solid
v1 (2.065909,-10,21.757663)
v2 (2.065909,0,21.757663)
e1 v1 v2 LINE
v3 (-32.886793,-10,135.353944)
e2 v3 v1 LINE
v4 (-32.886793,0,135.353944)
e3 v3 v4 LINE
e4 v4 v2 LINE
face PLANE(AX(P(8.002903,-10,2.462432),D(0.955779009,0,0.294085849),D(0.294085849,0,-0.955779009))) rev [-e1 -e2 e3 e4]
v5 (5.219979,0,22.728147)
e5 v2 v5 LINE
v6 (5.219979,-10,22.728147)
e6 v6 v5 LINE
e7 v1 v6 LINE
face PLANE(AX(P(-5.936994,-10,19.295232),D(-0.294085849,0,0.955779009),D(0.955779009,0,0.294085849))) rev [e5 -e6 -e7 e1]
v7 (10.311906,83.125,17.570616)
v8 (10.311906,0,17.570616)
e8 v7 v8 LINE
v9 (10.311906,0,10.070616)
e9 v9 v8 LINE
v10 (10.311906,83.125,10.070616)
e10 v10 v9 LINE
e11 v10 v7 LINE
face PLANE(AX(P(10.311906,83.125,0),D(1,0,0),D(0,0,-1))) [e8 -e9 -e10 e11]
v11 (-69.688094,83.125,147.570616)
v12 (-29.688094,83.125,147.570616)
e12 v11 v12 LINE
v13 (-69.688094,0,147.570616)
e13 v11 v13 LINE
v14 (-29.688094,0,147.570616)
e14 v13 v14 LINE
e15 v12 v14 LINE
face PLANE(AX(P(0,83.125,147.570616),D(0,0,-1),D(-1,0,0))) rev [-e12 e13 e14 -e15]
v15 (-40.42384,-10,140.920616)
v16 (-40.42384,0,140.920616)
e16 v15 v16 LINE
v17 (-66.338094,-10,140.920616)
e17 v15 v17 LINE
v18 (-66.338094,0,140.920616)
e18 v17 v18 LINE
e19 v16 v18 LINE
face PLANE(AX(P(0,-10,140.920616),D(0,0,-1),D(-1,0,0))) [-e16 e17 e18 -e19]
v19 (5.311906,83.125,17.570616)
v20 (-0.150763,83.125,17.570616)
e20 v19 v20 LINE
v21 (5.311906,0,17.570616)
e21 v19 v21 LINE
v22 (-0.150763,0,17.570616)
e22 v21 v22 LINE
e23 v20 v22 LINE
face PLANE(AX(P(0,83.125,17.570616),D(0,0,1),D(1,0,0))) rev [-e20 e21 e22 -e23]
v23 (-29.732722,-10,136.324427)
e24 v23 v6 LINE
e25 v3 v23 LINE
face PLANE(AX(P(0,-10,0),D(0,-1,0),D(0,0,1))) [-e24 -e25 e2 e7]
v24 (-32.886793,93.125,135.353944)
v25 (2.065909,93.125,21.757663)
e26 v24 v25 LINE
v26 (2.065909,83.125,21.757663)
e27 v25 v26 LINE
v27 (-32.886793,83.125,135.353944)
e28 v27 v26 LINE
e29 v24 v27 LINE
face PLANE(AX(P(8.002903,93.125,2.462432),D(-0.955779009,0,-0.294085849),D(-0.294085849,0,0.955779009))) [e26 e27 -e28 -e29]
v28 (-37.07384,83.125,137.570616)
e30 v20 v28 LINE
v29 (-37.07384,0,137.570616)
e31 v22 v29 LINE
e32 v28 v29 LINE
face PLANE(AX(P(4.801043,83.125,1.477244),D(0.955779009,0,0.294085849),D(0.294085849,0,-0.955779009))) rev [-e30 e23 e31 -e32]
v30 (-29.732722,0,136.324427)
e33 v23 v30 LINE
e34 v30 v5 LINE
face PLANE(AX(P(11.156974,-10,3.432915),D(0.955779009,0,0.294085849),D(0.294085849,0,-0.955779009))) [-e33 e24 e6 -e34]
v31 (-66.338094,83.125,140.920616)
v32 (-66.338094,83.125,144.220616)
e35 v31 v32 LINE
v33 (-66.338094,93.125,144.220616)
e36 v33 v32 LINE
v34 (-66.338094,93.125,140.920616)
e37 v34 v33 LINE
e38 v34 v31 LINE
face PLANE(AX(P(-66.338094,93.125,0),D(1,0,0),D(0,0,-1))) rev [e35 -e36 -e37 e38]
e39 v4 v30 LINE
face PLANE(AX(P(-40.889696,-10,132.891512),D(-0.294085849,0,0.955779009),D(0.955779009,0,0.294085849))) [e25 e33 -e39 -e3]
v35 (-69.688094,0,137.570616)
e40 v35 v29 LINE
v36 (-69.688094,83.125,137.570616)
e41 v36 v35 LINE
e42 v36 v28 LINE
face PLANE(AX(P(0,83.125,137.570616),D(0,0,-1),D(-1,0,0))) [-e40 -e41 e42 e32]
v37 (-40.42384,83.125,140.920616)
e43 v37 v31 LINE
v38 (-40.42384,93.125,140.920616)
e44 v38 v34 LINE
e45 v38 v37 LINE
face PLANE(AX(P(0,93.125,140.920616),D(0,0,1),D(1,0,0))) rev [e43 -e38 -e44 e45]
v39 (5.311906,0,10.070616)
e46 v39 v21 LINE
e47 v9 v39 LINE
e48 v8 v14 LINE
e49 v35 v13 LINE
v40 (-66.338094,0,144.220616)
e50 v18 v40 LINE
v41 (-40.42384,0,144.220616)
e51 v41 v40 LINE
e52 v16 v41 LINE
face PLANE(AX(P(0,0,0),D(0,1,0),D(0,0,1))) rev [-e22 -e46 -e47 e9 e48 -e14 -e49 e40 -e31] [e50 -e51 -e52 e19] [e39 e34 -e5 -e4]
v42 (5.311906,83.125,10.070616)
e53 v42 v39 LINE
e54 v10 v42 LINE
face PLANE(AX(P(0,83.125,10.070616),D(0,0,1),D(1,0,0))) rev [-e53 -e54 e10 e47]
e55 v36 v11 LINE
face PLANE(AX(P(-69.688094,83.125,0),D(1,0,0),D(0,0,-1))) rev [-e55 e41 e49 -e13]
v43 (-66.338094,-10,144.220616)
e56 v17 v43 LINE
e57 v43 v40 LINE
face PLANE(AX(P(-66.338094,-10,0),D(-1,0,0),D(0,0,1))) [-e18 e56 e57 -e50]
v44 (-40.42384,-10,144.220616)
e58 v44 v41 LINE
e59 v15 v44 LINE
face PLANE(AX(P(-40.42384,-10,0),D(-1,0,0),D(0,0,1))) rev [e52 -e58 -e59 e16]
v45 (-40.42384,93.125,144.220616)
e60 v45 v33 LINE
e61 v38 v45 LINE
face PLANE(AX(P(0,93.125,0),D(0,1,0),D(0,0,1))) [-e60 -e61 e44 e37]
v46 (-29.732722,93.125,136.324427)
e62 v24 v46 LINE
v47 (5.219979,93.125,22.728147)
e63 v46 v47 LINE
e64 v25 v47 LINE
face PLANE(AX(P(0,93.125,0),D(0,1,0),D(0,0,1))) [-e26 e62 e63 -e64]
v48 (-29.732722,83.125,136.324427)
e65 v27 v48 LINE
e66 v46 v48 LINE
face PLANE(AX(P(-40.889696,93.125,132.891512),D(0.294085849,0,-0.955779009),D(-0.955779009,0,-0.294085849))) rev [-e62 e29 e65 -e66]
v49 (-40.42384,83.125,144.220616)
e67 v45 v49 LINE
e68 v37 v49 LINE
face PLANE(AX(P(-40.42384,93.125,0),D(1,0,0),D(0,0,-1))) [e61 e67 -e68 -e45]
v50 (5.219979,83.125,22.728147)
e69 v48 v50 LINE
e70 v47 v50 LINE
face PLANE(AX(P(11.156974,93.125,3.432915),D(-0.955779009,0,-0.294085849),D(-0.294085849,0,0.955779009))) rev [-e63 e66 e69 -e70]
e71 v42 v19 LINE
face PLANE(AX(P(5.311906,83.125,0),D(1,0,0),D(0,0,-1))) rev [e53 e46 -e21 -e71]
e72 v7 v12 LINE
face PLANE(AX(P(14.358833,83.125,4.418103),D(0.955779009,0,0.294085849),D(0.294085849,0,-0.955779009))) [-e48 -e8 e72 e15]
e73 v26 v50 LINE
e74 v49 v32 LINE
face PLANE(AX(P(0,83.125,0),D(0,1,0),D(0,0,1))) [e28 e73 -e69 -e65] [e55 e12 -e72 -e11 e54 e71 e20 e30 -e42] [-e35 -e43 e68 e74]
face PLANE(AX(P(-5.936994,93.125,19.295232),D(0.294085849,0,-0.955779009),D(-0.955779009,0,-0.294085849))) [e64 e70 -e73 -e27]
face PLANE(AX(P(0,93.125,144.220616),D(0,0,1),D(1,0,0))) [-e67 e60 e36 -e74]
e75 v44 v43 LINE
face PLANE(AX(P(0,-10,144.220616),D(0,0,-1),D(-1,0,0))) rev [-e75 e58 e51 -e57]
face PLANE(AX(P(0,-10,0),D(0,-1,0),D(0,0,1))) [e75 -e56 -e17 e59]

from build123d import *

# Parameters (mm, degrees)
BOSS_EXTRUDE1_DEPTH = 83.125
SKETCH2_W           = 25.914253455
SKETCH2_H           = 3.3
BOSS_EXTRUDE2_DEPTH = 10


with BuildPart() as part:
    # Sketch1 → Boss-Extrude1 (new body)
    with BuildSketch(Plane(origin=(0, 0, 0), x_dir=(-1, 0, 0), z_dir=(0, 1, 0))):
        Polygon((69.688093764, 147.570616058), (29.688093764, 147.570616058), (39.245883851, 144.62975757), (37.073840309, 137.570616058), (69.688093764, 137.570616058), align=None)
        Polygon((39.245883851, 144.62975757), (29.688093764, 147.570616058), (29.688093764, 137.570616058), (37.073840309, 137.570616058), align=None)
        Polygon((29.688093764, 147.570616058), (-10.311906236, 17.570616058), (-5.311906236, 17.570616058), (0.150763386, 17.570616058), (37.073840309, 137.570616058), (29.688093764, 137.570616058), align=None)
        Polygon((-5.311906236, 16.03215452), (-10.311906236, 17.570616058), (-10.311906236, 10.070616058), (-5.311906236, 10.070616058), align=None)
        Polygon((-5.311906236, 17.570616058), (-10.311906236, 17.570616058), (-5.311906236, 16.03215452), align=None)
    extrude(amount=BOSS_EXTRUDE1_DEPTH)

    # Sketch2 → Boss-Extrude2 (add)
    with BuildSketch(Plane(origin=(0, 83.125, 0), x_dir=(-1, 0, 0), z_dir=(0, 1, 0))):
        Polygon((32.886793036, 135.353943973), (-2.0659087, 21.757663331), (-5.219979428, 22.728146632), (29.732722307, 136.324427274), align=None)
        with Locations((53.380967037, 142.570616058)):
            Rectangle(SKETCH2_W, SKETCH2_H)
    boss_extrude2 = extrude(amount=BOSS_EXTRUDE2_DEPTH)

    # Mirror1: Boss-Extrude2 across plane
    add(boss_extrude2.mirror(Plane.ZX.offset(41.5625)))


solid = part.part
